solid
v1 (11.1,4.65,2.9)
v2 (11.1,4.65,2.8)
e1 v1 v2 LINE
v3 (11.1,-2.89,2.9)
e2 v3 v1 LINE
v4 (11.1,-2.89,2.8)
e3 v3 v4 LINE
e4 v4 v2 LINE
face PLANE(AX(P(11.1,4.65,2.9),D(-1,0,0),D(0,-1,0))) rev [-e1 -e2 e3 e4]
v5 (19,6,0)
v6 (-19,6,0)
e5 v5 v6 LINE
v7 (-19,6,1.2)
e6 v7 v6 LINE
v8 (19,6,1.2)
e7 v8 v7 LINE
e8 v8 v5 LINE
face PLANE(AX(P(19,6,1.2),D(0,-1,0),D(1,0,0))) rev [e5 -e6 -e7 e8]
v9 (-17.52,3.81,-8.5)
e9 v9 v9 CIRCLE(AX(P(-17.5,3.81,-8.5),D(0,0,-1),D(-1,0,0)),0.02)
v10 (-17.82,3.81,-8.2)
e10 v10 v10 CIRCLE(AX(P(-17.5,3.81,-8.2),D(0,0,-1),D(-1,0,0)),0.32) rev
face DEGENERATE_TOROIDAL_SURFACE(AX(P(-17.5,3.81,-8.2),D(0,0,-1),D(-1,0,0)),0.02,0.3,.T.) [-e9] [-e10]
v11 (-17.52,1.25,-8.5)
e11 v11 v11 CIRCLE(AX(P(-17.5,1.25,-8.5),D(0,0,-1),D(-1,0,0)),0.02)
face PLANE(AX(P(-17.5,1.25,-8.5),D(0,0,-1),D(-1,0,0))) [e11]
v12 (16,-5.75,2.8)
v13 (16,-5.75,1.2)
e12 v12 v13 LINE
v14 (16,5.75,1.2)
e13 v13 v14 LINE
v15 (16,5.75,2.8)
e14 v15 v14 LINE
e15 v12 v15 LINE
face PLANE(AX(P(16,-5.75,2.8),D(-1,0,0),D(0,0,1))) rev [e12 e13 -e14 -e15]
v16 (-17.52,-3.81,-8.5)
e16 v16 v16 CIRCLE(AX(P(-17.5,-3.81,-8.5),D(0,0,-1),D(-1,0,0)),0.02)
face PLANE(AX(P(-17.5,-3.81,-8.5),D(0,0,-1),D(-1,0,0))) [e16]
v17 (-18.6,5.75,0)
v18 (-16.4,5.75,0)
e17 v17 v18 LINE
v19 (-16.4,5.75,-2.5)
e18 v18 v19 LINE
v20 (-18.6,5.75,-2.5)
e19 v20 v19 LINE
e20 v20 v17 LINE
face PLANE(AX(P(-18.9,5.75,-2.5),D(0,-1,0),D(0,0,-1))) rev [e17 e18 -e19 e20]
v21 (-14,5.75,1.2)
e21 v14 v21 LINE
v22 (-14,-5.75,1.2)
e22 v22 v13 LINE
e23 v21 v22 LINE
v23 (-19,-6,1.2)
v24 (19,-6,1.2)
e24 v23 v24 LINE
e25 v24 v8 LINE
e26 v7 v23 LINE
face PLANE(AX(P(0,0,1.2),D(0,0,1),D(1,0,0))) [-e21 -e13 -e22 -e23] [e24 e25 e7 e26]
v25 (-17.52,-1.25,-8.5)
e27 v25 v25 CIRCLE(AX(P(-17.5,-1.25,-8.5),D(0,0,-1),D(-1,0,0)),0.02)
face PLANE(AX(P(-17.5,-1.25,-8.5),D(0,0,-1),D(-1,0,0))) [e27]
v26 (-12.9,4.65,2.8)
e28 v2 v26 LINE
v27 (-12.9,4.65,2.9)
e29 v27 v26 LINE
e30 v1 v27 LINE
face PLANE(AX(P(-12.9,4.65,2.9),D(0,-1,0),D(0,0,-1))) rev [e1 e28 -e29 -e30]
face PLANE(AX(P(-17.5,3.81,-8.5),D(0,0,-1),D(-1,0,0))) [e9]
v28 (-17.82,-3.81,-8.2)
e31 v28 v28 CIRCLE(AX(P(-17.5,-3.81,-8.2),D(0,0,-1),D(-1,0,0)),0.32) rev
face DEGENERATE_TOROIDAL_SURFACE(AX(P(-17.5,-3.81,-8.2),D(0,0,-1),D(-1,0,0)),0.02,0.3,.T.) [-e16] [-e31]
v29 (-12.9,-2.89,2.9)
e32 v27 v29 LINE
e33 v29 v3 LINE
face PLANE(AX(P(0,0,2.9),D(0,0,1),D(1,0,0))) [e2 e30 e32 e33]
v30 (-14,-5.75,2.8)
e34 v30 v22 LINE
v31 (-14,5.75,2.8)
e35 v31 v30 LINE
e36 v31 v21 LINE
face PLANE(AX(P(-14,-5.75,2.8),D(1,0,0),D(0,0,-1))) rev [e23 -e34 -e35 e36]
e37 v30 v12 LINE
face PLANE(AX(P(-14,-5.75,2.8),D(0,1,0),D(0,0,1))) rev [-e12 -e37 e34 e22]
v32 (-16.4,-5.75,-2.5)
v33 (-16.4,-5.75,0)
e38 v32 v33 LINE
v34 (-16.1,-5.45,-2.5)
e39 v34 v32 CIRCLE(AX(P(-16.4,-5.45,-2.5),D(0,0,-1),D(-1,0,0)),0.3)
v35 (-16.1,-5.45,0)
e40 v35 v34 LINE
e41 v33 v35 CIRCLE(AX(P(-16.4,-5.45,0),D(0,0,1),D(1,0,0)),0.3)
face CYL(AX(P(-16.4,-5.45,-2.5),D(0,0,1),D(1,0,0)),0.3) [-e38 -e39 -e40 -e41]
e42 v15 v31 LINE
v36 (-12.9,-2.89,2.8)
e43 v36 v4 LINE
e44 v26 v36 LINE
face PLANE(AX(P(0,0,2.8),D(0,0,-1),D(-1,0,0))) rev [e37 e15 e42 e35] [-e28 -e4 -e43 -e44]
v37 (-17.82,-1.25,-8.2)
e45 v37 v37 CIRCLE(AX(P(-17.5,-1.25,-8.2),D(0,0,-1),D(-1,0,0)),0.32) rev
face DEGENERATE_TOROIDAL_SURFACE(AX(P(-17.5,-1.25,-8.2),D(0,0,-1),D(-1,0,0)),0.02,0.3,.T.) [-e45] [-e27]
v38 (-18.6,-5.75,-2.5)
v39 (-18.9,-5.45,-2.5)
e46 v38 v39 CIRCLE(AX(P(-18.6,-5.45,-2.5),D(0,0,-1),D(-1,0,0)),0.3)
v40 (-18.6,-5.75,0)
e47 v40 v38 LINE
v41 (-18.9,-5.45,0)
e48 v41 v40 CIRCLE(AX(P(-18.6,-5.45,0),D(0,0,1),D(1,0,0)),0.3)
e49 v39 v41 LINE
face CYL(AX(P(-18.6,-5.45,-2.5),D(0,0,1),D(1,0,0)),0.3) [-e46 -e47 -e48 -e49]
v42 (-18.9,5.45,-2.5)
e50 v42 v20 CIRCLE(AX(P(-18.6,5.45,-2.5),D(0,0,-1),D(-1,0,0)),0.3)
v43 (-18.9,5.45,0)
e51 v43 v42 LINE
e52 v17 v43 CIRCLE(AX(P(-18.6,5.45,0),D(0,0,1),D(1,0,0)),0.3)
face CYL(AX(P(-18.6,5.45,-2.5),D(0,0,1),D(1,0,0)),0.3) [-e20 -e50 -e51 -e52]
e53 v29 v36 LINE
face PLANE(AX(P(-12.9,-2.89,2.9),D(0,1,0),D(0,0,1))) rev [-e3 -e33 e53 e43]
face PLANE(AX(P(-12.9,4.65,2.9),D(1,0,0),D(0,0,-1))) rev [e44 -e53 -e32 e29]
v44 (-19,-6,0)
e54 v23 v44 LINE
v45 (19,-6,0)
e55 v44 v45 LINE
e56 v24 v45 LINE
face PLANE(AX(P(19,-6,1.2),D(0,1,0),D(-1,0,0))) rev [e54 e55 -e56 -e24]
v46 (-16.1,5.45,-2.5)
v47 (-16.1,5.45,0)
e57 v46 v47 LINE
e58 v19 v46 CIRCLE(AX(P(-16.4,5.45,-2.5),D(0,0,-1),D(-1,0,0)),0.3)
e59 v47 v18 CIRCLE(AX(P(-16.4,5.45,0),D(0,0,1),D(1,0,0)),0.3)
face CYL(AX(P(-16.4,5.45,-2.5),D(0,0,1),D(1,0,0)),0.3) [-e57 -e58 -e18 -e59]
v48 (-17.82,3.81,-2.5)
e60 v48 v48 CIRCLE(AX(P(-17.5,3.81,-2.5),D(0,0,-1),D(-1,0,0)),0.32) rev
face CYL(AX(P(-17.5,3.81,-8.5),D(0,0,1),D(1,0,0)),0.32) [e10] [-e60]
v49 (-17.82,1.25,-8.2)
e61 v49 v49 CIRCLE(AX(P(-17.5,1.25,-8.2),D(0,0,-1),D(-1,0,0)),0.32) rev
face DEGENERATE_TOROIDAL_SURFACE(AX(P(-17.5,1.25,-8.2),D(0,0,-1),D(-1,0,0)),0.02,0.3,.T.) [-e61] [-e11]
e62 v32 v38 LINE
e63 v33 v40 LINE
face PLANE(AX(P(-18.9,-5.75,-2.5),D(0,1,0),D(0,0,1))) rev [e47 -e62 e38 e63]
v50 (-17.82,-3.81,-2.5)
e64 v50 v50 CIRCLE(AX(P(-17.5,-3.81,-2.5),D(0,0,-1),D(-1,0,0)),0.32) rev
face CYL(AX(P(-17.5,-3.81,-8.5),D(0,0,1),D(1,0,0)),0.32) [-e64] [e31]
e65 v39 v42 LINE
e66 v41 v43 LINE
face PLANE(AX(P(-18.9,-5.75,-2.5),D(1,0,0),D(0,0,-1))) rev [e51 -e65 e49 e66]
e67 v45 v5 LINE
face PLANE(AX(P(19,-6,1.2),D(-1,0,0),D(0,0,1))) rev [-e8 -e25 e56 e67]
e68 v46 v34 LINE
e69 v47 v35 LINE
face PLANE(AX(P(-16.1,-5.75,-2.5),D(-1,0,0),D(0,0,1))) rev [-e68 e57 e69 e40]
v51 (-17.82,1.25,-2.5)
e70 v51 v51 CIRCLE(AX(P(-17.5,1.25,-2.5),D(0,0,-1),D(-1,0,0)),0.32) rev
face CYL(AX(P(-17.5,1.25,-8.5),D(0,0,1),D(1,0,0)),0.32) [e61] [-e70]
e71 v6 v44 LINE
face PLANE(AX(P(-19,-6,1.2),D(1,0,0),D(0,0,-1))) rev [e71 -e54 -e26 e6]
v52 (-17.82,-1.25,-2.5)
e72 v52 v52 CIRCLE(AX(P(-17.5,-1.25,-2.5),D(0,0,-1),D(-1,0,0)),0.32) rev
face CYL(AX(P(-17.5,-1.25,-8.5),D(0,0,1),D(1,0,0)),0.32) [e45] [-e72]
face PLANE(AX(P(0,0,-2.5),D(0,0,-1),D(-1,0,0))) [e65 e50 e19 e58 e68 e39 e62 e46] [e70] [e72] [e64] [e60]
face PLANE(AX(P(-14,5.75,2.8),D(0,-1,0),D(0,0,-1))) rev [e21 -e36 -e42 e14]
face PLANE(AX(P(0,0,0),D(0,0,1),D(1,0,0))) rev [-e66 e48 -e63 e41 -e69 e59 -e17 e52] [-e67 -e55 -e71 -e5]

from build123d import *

# Parameters (mm, degrees)
SKETCH1_W           = 38
SKETCH1_H           = 12
BOSS_EXTRUDE1_DEPTH = 1.2
SKETCH2_W           = 30
SKETCH2_H           = 11.5
BOSS_EXTRUDE2_DEPTH = 1.6
SKETCH6_W           = 2.8
SKETCH6_H           = 11.5
BOSS_EXTRUDE4_DEPTH = 2.5
SKETCH5_R           = 0.32
BOSS_EXTRUDE5_DEPTH = 8.5
FILLET1_R           = 0.3
FILLET2_R           = 0.3
SKETCH4_W           = 24
SKETCH4_H           = 7.54
BOSS_EXTRUDE6_DEPTH = 0.1


with BuildPart() as part:
    # Sketch1 → Boss-Extrude1 (new body)
    with BuildSketch(Plane.XY):
        Rectangle(SKETCH1_W, SKETCH1_H)
    extrude(amount=BOSS_EXTRUDE1_DEPTH)

    # Sketch2 → Boss-Extrude2 (add)
    with BuildSketch(Plane.XY.offset(1.2)):
        with Locations((1, 0)):
            Rectangle(SKETCH2_W, SKETCH2_H)
    extrude(amount=BOSS_EXTRUDE2_DEPTH)

    # Sketch6 → Boss-Extrude4 (add)
    with BuildSketch(Plane(origin=(0, 0, 0), x_dir=(-1, 0, 0), z_dir=(0, 0, -1))):
        with Locations((17.5, 0)):
            Rectangle(SKETCH6_W, SKETCH6_H)
    extrude(amount=BOSS_EXTRUDE4_DEPTH)

    # Sketch5 → Boss-Extrude5 (add)
    with BuildSketch(Plane(origin=(0, 0, 0), x_dir=(-1, 0, 0), z_dir=(0, 0, -1))):
        with Locations((17.5, 3.81)):
            Circle(SKETCH5_R)
        with Locations((17.5, 1.25)):
            Circle(SKETCH5_R)
        with Locations((17.5, -1.25)):
            Circle(SKETCH5_R)
        with Locations((17.5, -3.81)):
            Circle(SKETCH5_R)
    extrude(amount=BOSS_EXTRUDE5_DEPTH)

    # Fillet1
    fillet1_edges = [part.edges().sort_by_distance(p)[0] for p in [
        (-17.18, 3.81, -8.5),
        (-17.18, 1.25, -8.5),
        (-17.18, -1.25, -8.5),
        (-17.18, -3.81, -8.5),
    ]]
    fillet(fillet1_edges, radius=FILLET1_R)

    # Fillet2
    fillet2_edges = [part.edges().sort_by_distance(p)[0] for p in [
        (-16.1, 5.75, -1.25),
        (-16.1, -5.75, -1.25),
        (-18.9, -5.75, -1.25),
        (-18.9, 5.75, -1.25),
    ]]
    fillet(fillet2_edges, radius=FILLET2_R)

    # Sketch4 → Boss-Extrude6 (add)
    with BuildSketch(Plane.XY.offset(2.8)):
        with Locations((-0.9, 0.88)):
            Rectangle(SKETCH4_W, SKETCH4_H)
    extrude(amount=BOSS_EXTRUDE6_DEPTH)


solid = part.part
